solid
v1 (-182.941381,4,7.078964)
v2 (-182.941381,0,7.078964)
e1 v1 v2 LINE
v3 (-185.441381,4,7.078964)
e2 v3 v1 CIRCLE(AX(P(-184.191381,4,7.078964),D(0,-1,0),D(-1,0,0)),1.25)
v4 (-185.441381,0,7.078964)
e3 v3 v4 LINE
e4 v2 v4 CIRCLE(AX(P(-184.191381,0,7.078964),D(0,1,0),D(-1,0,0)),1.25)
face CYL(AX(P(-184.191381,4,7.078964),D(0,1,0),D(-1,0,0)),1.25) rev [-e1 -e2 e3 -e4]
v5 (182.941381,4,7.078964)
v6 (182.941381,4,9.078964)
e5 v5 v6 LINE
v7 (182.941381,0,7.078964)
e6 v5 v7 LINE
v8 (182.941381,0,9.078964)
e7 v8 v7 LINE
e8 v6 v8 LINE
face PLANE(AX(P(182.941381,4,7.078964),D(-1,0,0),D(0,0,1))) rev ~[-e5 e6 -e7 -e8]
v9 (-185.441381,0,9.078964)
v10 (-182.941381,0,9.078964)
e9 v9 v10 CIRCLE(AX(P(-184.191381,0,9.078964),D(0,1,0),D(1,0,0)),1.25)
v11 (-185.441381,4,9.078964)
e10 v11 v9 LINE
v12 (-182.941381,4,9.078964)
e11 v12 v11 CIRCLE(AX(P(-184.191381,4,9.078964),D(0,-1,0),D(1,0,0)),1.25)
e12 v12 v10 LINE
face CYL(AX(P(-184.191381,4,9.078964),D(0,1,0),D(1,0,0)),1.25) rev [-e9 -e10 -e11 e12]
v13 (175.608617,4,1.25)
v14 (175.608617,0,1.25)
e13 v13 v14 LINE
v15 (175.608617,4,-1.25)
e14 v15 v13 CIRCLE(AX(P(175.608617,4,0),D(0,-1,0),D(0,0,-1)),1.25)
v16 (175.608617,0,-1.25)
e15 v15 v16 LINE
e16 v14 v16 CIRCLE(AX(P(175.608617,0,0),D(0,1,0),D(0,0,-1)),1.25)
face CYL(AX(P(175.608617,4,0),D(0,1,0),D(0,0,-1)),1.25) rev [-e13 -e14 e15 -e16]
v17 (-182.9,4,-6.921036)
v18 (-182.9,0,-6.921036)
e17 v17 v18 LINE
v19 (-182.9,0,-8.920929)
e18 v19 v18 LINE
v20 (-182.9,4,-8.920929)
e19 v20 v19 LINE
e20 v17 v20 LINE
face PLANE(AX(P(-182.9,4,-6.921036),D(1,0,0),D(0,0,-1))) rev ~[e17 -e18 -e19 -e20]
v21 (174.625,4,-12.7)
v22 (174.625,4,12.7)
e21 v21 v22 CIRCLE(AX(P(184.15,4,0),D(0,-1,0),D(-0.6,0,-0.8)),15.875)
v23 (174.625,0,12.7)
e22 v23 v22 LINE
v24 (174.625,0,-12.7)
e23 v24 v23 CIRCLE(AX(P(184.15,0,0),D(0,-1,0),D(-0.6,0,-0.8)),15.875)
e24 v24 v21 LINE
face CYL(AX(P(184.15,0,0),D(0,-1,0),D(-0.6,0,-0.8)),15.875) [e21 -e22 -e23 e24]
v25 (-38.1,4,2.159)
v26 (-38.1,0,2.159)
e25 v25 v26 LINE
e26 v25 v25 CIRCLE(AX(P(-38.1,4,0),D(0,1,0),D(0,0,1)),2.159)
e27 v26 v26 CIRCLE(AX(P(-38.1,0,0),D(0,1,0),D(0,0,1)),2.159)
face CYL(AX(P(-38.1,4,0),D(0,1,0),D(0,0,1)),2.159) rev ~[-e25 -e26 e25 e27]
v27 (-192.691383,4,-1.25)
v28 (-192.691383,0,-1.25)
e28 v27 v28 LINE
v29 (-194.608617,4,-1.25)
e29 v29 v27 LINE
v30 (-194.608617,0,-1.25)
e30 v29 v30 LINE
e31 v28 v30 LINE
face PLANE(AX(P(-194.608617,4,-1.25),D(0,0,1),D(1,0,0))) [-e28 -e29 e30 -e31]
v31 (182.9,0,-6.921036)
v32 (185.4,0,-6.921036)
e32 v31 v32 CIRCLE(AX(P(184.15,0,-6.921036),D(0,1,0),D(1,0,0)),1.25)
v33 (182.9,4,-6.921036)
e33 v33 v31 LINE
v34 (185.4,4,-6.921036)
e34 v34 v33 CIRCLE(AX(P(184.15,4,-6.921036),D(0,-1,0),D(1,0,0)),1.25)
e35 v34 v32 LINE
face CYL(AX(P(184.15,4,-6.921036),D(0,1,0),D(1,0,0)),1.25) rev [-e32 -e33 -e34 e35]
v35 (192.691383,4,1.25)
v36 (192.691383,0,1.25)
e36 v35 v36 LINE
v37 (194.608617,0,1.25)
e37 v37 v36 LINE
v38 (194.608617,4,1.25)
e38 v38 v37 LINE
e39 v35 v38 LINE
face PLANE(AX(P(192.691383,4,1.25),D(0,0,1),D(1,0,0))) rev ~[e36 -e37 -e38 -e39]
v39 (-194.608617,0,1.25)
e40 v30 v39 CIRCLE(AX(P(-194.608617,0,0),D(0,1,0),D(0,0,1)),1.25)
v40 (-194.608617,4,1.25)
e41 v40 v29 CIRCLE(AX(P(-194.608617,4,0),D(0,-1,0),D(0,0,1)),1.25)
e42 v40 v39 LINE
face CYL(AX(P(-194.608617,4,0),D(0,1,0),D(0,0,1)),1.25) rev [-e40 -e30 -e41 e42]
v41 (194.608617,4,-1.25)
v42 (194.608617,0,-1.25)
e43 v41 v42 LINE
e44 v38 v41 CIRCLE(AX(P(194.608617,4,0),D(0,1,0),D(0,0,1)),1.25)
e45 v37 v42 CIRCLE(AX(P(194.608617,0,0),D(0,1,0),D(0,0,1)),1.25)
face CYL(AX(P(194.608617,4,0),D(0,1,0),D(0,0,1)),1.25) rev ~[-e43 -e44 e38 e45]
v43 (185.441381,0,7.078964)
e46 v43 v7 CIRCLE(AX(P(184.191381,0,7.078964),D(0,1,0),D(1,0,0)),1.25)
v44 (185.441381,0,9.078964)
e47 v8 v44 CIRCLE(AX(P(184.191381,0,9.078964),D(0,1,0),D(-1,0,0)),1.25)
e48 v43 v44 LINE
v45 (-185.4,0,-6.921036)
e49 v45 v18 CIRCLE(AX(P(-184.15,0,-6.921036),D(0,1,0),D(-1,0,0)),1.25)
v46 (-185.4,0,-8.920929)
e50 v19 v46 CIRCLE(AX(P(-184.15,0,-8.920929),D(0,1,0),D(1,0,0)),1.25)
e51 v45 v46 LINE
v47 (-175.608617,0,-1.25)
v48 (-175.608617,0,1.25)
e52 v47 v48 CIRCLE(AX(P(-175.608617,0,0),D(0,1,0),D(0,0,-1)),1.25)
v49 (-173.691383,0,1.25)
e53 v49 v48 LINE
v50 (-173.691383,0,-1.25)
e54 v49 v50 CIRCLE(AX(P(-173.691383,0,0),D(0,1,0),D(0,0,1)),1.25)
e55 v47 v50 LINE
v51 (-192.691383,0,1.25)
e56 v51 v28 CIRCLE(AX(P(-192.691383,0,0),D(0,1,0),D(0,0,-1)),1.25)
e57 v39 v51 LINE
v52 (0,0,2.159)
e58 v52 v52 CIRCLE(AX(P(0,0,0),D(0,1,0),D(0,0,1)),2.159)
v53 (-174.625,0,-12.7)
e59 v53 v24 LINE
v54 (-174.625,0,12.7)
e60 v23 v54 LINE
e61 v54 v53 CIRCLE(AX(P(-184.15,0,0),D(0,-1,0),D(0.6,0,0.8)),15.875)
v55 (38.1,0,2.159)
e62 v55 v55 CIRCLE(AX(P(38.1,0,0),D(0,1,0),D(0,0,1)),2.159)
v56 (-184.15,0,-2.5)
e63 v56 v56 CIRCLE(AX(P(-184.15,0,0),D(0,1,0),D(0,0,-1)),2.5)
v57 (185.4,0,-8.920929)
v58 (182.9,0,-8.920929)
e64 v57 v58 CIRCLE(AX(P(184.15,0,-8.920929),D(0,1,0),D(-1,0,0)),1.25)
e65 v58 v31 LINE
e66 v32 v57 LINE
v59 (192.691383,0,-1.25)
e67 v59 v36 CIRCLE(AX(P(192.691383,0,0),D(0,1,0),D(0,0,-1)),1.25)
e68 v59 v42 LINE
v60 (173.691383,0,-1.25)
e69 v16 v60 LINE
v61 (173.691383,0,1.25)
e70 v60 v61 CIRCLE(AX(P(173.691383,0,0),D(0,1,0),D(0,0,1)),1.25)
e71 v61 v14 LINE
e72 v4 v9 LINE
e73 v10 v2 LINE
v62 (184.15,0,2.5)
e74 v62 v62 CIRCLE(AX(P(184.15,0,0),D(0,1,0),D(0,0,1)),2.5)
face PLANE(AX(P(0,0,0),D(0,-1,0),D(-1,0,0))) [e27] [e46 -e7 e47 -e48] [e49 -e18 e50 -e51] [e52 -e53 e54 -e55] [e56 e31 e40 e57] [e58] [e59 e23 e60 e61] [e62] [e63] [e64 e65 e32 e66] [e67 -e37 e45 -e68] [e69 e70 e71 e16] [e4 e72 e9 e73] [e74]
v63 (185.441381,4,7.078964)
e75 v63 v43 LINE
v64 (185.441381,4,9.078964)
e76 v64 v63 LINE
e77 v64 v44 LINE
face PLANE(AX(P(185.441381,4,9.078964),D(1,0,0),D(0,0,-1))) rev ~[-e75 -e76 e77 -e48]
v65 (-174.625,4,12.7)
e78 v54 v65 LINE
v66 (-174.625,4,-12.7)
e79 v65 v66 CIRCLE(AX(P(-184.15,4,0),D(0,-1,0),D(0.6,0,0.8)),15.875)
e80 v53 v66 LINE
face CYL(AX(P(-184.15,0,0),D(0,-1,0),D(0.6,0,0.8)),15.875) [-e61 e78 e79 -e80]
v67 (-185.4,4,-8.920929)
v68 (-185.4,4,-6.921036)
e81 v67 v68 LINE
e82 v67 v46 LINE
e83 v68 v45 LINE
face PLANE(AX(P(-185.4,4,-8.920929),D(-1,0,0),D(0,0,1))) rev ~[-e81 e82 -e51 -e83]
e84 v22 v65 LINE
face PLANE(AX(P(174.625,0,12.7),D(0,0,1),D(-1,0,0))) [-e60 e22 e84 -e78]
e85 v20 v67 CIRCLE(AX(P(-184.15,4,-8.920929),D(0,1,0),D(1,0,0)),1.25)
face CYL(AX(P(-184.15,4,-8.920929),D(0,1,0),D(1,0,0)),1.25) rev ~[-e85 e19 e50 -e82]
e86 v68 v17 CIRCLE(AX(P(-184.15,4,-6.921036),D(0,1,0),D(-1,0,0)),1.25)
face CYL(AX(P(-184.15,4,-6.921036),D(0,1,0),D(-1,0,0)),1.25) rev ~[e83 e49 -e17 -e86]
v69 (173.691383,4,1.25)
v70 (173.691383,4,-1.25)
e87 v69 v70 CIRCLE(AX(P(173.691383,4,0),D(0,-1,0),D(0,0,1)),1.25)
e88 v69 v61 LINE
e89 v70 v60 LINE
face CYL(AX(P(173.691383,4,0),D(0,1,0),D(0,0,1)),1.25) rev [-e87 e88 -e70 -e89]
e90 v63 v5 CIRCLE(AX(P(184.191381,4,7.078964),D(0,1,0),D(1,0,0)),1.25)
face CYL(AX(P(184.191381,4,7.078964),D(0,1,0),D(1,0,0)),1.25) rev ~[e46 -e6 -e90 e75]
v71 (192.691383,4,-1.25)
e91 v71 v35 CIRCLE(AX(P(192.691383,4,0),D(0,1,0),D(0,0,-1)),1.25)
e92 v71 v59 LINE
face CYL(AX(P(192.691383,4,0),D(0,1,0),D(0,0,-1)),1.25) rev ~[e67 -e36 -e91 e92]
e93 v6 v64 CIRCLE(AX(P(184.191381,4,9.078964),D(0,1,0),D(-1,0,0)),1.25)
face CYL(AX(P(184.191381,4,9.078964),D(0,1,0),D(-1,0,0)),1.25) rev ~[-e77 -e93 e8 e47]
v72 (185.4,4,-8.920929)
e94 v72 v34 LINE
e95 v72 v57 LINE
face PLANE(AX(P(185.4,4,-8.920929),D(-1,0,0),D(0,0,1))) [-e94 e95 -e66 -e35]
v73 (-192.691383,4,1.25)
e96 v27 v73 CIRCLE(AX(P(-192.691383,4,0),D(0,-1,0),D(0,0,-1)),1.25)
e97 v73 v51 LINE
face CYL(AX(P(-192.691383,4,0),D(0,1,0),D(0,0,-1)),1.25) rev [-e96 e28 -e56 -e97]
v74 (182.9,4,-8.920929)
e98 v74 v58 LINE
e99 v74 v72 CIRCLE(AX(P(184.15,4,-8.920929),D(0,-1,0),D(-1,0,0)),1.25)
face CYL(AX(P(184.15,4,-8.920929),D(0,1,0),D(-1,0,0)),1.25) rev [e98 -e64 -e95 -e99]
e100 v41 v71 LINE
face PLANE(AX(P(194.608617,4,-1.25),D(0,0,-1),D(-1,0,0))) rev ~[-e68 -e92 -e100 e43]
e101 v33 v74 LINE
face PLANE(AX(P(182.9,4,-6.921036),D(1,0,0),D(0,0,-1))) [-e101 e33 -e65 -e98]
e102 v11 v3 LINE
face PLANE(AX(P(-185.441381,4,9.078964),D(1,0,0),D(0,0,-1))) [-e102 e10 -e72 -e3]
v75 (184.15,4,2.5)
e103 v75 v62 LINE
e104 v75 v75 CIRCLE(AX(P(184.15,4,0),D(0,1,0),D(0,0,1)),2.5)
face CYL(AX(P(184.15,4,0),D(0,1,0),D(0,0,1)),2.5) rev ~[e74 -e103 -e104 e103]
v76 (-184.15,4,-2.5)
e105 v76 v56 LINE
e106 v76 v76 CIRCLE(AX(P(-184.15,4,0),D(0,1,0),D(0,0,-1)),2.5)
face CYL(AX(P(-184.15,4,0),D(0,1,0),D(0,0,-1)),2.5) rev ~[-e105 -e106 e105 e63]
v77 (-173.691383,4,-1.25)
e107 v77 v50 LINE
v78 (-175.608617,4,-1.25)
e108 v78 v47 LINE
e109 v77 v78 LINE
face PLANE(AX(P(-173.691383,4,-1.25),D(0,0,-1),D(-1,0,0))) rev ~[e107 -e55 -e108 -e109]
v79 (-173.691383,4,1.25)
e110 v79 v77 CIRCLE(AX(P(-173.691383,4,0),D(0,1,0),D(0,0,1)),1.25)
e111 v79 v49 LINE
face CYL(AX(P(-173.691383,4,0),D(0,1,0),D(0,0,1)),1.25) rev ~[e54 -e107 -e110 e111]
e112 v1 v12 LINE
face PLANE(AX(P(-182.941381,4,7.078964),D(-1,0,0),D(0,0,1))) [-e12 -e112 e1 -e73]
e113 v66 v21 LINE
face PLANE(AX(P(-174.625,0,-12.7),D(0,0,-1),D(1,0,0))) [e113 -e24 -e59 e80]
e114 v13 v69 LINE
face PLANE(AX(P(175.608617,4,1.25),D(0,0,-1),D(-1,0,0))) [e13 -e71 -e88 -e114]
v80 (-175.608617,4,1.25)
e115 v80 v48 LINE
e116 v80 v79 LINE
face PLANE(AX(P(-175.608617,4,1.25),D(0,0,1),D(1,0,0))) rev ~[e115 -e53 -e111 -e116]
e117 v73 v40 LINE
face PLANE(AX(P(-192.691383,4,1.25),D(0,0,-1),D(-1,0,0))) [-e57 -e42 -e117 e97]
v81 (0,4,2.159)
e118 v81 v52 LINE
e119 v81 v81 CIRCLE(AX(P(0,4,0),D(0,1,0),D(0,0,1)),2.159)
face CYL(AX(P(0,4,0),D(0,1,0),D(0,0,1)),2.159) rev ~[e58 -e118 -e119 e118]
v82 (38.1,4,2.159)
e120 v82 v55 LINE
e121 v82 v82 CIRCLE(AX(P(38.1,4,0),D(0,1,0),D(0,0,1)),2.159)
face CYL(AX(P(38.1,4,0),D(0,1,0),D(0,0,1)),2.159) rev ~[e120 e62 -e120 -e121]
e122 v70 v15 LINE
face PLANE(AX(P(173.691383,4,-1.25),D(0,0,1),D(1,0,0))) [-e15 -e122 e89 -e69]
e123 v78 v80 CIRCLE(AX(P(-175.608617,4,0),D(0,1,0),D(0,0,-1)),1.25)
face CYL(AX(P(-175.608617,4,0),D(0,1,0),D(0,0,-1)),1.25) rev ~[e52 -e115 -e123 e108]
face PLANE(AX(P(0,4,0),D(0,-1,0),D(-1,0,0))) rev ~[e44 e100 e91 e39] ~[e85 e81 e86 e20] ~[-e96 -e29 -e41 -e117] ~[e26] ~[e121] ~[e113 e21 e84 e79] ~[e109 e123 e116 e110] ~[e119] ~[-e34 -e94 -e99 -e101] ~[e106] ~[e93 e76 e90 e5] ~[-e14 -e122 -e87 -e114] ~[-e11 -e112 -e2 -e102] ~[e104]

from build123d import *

# Parameters (mm, degrees)
BOSS_EXTRUDE1_DEPTH = 4
SKETCH2_R           = 2.5
CUT_EXTRUDE1_DEPTH  = 201.6938371
SKETCH3_R           = 2.159
CUT_EXTRUDE2_DEPTH  = 201.6938371


with BuildPart() as part:
    # Sketch1 → Boss-Extrude1 (new body)
    with BuildSketch(Plane(origin=(0, 0, 0), x_dir=(1, 0, 0), z_dir=(0, 1, 0))):
        with BuildLine():
            Line((-174.625, 12.7), (174.625, 12.7))
            ThreePointArc((174.625, 12.7), (200.025, 0), (174.625, -12.7))
            Line((174.625, -12.7), (-174.625, -12.7))
            ThreePointArc((-174.625, -12.7), (-200.025, 0), (-174.625, 12.7))
        make_face()
    extrude(amount=BOSS_EXTRUDE1_DEPTH)

    # Sketch2 → Cut-Extrude1 (cut, through all)
    with BuildSketch(Plane(origin=(0, 4, 0), x_dir=(1, 0, 0), z_dir=(0, 1, 0))):
        with Locations(Location((184.15, 0, 0), (0, 0, 270))):
            Circle(SKETCH2_R)
        with Locations(Location((-184.15, 0, 0), (0, 0, 90))):
            Circle(SKETCH2_R)
        with BuildLine():
            Line((173.691383345, 1.25), (175.608616655, 1.25))
            ThreePointArc((175.608616655, 1.25), (176.858616655, 0), (175.608616655, -1.25))
            Line((175.608616655, -1.25), (173.691383345, -1.25))
            ThreePointArc((173.691383345, -1.25), (172.441383345, 0), (173.691383345, 1.25))
        make_face()
        with BuildLine():
            Line((194.608616655, 1.25), (192.691383345, 1.25))
            ThreePointArc((192.691383345, 1.25), (191.441383345, 0), (192.691383345, -1.25))
            Line((192.691383345, -1.25), (194.608616655, -1.25))
            ThreePointArc((194.608616655, -1.25), (195.858616655, 0), (194.608616655, 1.25))
        make_face()
        with BuildLine():
            Line((185.4, 8.920928665), (185.4, 6.921035691))
            ThreePointArc((185.4, 6.921035691), (184.15, 5.671035691), (182.9, 6.921035691))
            Line((182.9, 6.921035691), (182.9, 8.920928665))
            ThreePointArc((182.9, 8.920928665), (184.15, 10.170928665), (185.4, 8.920928665))
        make_face()
        with BuildLine():
            Line((185.441381345, -9.078964309), (185.441381345, -7.078964309))
            ThreePointArc((185.441381345, -7.078964309), (184.191381345, -5.828964309), (182.941381345, -7.078964309))
            Line((182.941381345, -7.078964309), (182.941381345, -9.078964309))
            ThreePointArc((182.941381345, -9.078964309), (184.191381345, -10.328964309), (185.441381345, -9.078964309))
        make_face()
        with BuildLine():
            Line((-185.441381345, -9.078964309), (-185.441381345, -7.078964309))
            ThreePointArc((-185.441381345, -7.078964309), (-184.191381345, -5.828964309), (-182.941381345, -7.078964309))
            Line((-182.941381345, -7.078964309), (-182.941381345, -9.078964309))
            ThreePointArc((-182.941381345, -9.078964309), (-184.191381345, -10.328964309), (-185.441381345, -9.078964309))
        make_face()
        with BuildLine():
            Line((-185.4, 8.920928665), (-185.4, 6.921035691))
            ThreePointArc((-185.4, 6.921035691), (-184.15, 5.671035691), (-182.9, 6.921035691))
            Line((-182.9, 6.921035691), (-182.9, 8.920928665))
            ThreePointArc((-182.9, 8.920928665), (-184.15, 10.170928665), (-185.4, 8.920928665))
        make_face()
        with BuildLine():
            Line((-194.608616655, 1.25), (-192.691383345, 1.25))
            ThreePointArc((-192.691383345, 1.25), (-191.441383345, 0), (-192.691383345, -1.25))
            Line((-192.691383345, -1.25), (-194.608616655, -1.25))
            ThreePointArc((-194.608616655, -1.25), (-195.858616655, 0), (-194.608616655, 1.25))
        make_face()
        with BuildLine():
            Line((-173.691383345, 1.25), (-175.608616655, 1.25))
            ThreePointArc((-175.608616655, 1.25), (-176.858616655, 0), (-175.608616655, -1.25))
            Line((-175.608616655, -1.25), (-173.691383345, -1.25))
            ThreePointArc((-173.691383345, -1.25), (-172.441383345, 0), (-173.691383345, 1.25))
        make_face()
    extrude(amount=-CUT_EXTRUDE1_DEPTH, mode=Mode.SUBTRACT)

    # Sketch3 → Cut-Extrude2 (cut, through all)
    with BuildSketch(Plane(origin=(0, 4, 0), x_dir=(1, 0, 0), z_dir=(0, 1, 0))):
        with Locations(Location((0, 0, 0), (0, 0, 270))):
            Circle(SKETCH3_R)
        with Locations(Location((38.1, 0, 0), (0, 0, 270))):
            Circle(SKETCH3_R)
        with Locations(Location((-38.1, 0, 0), (0, 0, 270))):
            Circle(SKETCH3_R)
    extrude(amount=-CUT_EXTRUDE2_DEPTH, mode=Mode.SUBTRACT)


solid = part.part
